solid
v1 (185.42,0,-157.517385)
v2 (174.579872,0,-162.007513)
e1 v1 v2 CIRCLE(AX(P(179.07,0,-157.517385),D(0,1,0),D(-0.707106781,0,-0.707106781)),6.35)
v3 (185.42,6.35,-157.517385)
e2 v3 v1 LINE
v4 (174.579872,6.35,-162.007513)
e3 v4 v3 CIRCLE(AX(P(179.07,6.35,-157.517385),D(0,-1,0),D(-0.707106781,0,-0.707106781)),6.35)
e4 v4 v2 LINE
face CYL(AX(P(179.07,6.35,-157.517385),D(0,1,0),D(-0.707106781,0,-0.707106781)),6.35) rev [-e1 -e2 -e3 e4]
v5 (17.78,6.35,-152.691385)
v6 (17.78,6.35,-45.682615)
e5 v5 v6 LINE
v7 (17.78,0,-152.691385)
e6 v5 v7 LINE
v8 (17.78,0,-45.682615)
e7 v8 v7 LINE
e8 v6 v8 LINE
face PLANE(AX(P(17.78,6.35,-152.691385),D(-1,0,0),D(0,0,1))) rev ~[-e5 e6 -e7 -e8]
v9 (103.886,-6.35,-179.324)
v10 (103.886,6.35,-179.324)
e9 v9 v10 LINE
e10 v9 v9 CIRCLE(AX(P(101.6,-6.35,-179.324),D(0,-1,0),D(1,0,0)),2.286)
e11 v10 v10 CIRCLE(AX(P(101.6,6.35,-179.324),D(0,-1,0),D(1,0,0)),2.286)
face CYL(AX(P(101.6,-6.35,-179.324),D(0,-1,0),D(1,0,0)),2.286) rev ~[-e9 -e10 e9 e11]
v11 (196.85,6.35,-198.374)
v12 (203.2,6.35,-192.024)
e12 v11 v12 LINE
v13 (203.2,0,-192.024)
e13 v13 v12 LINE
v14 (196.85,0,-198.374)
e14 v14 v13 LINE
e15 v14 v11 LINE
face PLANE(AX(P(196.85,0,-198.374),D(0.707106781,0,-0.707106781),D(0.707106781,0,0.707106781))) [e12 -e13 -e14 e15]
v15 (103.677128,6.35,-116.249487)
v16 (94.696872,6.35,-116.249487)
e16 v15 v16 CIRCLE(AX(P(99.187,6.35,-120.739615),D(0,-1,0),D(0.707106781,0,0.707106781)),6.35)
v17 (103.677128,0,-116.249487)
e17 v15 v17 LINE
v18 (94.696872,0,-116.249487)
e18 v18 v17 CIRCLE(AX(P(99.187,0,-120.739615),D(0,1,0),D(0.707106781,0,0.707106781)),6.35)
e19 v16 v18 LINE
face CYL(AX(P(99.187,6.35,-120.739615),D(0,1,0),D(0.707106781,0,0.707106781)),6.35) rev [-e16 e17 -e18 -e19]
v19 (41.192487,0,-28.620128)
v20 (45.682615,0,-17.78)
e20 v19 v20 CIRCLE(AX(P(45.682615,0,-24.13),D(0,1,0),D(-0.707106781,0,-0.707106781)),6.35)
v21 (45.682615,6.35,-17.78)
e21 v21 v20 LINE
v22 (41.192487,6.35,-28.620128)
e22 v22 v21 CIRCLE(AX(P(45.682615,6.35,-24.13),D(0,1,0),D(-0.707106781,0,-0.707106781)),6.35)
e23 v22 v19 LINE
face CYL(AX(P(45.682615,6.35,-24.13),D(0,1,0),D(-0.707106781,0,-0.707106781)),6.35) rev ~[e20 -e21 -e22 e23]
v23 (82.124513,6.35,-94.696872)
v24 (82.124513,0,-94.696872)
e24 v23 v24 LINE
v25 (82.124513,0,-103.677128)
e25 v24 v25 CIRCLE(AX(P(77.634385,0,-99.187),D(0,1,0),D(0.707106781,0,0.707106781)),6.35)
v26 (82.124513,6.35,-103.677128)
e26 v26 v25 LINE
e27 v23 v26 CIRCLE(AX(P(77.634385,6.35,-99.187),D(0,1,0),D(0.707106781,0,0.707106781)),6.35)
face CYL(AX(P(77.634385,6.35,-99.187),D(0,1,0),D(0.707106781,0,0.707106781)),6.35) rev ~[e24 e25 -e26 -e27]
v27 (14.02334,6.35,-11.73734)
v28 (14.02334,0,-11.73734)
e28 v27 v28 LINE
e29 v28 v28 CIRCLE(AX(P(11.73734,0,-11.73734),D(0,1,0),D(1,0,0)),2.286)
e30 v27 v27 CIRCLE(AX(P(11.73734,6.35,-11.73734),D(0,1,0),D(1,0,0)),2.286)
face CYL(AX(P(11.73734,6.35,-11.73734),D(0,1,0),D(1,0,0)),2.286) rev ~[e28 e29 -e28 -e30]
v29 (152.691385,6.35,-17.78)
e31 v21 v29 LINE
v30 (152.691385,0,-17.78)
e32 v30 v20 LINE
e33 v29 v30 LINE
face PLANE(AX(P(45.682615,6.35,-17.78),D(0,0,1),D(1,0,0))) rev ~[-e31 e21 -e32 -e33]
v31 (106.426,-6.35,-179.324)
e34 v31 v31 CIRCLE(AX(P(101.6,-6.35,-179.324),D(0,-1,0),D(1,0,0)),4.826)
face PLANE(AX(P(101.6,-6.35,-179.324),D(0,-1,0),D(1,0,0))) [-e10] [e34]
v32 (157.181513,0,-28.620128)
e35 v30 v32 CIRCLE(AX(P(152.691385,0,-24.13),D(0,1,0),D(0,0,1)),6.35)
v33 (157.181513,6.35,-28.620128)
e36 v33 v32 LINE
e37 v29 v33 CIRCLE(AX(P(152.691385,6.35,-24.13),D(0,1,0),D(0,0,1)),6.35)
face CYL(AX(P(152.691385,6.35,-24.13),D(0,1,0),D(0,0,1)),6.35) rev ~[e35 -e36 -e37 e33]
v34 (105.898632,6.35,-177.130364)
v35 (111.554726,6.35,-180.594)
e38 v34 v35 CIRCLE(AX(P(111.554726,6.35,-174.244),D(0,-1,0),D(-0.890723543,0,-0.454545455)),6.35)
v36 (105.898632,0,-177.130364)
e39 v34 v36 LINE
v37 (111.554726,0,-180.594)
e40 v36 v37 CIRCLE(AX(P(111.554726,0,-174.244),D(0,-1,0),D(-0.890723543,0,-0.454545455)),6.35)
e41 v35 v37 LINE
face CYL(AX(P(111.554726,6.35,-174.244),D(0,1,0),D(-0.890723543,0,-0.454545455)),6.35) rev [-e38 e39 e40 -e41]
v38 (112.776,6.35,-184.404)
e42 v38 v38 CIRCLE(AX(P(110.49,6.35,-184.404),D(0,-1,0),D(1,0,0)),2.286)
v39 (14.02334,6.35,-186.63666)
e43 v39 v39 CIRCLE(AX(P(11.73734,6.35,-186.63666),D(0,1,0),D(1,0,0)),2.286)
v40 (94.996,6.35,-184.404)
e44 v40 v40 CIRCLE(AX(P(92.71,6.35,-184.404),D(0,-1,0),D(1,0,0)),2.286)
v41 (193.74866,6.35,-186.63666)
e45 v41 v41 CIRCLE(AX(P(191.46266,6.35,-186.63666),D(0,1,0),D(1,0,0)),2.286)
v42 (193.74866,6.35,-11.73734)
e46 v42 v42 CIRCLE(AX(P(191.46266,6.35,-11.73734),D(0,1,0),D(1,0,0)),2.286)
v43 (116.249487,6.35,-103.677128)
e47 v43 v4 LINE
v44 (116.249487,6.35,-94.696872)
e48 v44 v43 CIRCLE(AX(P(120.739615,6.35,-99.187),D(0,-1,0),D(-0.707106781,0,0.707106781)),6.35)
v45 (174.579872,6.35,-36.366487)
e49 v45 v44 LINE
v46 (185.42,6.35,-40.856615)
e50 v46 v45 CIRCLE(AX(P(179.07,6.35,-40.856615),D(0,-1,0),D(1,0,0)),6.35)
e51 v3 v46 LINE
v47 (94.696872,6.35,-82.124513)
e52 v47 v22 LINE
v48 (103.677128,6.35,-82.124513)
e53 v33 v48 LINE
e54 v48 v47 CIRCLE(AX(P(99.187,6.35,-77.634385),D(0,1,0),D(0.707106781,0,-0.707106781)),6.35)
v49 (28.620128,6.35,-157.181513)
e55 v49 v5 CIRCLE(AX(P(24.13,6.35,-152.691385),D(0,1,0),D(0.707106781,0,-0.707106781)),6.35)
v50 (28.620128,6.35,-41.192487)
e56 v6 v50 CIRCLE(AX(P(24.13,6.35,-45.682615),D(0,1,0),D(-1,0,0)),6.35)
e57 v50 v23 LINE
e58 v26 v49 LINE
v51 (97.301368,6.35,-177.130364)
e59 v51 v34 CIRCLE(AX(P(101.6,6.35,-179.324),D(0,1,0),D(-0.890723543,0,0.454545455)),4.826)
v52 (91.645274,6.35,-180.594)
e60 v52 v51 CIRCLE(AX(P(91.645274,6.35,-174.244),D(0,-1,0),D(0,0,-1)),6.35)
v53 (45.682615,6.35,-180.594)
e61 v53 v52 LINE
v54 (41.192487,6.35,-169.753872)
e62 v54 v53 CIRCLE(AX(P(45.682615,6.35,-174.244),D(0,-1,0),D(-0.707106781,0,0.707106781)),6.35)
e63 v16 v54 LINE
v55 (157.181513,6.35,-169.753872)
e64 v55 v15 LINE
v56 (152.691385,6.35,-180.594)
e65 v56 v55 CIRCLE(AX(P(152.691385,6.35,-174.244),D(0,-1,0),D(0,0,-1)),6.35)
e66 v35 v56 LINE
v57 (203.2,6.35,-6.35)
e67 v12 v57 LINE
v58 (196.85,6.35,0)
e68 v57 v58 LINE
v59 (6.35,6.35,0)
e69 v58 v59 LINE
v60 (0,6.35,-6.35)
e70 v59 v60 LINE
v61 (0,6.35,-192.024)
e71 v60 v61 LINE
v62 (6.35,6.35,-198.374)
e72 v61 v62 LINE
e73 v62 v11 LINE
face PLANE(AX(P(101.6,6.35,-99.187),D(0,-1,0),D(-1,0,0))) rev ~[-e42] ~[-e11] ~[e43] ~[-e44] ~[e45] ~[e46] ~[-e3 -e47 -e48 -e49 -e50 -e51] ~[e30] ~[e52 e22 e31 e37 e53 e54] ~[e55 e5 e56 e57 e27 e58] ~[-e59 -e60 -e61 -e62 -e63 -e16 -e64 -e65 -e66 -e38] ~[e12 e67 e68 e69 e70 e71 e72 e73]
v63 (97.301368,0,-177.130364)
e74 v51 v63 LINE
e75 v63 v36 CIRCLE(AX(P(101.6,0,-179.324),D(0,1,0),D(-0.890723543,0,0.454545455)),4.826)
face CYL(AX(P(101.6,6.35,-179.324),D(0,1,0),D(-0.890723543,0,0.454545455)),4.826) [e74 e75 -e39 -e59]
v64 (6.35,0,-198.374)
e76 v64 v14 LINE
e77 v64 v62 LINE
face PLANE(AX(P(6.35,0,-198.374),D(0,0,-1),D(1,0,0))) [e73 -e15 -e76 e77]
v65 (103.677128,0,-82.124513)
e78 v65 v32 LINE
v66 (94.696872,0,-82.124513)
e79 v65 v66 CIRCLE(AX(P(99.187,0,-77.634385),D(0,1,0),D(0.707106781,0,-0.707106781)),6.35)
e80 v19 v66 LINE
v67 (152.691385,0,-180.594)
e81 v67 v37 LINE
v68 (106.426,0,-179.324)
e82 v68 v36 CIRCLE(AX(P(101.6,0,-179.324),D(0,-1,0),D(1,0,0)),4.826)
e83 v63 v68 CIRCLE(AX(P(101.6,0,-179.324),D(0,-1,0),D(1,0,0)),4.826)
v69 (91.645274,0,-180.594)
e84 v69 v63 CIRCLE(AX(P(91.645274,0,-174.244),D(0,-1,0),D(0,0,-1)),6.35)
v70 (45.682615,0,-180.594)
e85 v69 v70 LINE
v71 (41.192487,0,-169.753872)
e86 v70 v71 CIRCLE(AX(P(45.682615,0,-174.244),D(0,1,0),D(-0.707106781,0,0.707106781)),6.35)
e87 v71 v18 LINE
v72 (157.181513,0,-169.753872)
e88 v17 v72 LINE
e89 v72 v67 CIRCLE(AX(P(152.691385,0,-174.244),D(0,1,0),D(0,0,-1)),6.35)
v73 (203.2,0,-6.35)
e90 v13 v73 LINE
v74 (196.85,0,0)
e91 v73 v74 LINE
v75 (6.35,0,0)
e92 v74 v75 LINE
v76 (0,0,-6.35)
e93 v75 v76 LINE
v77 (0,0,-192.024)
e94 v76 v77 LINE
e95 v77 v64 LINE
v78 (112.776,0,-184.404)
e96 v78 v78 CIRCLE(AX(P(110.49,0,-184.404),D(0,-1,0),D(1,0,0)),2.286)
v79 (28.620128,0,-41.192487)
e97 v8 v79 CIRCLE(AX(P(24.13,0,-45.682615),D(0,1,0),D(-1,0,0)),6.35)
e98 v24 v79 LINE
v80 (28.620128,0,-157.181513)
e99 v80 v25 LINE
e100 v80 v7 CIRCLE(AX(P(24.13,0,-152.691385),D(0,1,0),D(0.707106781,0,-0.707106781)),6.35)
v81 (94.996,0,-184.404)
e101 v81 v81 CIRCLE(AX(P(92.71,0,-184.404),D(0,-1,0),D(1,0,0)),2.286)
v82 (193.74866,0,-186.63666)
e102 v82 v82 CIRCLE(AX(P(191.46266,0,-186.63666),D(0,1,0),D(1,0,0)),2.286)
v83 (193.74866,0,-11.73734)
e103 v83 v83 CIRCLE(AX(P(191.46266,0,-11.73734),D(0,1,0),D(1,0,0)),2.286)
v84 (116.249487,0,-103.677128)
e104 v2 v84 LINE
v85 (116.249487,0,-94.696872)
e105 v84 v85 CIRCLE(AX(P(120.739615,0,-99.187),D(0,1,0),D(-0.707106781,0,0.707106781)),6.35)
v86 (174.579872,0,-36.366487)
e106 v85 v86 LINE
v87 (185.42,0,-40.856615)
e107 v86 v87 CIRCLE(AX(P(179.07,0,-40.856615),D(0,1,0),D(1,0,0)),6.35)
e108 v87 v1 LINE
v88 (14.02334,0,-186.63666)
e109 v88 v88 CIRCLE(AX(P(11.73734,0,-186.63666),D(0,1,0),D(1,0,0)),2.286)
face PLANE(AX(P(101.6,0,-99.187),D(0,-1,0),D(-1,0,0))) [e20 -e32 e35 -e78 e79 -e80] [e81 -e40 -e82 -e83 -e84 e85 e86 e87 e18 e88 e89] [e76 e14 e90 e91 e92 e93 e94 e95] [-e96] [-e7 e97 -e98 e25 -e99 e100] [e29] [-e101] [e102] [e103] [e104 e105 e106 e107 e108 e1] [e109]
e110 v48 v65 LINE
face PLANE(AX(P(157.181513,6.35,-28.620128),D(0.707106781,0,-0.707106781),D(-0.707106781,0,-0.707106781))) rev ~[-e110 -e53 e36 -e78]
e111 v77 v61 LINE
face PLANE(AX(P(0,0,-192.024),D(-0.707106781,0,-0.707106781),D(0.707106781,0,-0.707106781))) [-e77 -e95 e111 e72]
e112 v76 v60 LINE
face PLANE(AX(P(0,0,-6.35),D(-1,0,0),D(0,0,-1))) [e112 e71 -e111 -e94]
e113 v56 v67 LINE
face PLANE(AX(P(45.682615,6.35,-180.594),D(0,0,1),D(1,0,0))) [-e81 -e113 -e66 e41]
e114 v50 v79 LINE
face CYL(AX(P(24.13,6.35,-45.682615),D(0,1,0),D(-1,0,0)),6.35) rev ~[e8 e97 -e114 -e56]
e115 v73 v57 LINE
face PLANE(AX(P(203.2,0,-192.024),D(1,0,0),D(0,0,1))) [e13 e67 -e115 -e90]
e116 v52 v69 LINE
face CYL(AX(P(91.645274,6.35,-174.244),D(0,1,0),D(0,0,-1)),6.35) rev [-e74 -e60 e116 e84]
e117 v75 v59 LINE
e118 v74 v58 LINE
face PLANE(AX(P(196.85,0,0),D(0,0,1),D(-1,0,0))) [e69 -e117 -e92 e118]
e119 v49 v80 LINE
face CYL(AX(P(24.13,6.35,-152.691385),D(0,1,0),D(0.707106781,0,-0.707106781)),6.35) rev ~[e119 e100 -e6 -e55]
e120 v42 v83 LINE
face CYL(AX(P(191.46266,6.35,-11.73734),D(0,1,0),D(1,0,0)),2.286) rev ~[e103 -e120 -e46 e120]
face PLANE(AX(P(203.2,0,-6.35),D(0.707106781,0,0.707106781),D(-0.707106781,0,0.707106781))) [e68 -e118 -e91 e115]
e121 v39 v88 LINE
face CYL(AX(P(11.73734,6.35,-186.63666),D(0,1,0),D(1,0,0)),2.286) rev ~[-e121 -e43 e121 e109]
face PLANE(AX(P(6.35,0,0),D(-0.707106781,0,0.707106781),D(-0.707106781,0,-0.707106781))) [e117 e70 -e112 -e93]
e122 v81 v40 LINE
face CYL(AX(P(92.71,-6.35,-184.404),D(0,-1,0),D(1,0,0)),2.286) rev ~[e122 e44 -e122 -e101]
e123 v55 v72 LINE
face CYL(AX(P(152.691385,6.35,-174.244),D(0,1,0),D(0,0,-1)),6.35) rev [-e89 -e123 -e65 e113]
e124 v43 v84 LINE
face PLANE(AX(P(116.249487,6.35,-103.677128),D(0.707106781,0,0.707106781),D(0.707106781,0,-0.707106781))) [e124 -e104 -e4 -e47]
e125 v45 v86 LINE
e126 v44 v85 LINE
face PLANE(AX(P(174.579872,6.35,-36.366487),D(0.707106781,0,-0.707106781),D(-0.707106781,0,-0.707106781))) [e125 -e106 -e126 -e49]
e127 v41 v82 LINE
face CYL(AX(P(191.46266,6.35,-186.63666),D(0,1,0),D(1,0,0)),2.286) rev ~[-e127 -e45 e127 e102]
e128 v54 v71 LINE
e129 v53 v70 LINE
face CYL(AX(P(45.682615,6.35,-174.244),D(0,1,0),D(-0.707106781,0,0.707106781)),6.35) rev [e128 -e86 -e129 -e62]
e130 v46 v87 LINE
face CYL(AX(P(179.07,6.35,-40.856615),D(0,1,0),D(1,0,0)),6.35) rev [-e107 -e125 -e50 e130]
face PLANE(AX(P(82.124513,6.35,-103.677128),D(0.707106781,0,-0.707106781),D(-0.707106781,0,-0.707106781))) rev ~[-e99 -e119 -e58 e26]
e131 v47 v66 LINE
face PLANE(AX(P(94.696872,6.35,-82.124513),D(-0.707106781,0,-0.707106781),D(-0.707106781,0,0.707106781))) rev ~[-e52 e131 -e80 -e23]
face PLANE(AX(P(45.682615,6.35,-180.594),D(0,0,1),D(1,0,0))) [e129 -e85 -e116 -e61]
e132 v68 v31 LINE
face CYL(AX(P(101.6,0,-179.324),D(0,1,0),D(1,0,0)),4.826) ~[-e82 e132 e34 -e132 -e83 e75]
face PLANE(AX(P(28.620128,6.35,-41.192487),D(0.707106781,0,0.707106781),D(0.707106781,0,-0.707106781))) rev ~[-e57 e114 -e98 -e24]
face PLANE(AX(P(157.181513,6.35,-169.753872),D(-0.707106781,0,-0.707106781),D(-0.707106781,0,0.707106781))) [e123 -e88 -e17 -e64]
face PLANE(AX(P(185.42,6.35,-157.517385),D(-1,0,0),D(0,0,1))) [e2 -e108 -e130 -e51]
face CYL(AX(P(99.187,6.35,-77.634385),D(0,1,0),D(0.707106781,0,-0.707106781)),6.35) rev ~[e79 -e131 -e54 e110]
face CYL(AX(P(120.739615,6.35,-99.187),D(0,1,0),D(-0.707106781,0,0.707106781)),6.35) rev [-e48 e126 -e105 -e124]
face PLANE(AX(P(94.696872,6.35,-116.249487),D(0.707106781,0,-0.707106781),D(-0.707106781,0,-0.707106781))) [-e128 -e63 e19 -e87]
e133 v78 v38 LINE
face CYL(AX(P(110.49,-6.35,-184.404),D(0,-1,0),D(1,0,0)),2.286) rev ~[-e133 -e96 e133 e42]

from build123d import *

# Parameters (mm, degrees)
BOSS_EXTRUDE1_DEPTH = 6.35
CUT_EXTRUDE1_DEPTH  = 7.35
SKETCH3_R           = 2.286
CUT_EXTRUDE2_DEPTH  = 7.35
BOSS_EXTRUDE2_DEPTH = 6.35
SKETCH5_R           = 4.826
BOSS_EXTRUDE3_DEPTH = 6.35
SKETCH6_R           = 2.286
CUT_EXTRUDE3_DEPTH  = 13.7


with BuildPart() as part:
    # Sketch1 → Boss-Extrude1 (new body)
    with BuildSketch(Plane(origin=(0, 0, 0), x_dir=(1, 0, 0), z_dir=(0, 1, 0))):
        Polygon((0, 192.024), (6.35, 198.374), (196.85, 198.374), (203.2, 192.024), (203.2, 6.35), (196.85, 0), (6.35, 0), (0, 6.35), align=None)
    extrude(amount=BOSS_EXTRUDE1_DEPTH)

    # Sketch2 → Cut-Extrude1 (cut, through all)
    with BuildSketch(Plane(origin=(0, 6.35, 0), x_dir=(1, 0, 0), z_dir=(0, 1, 0))):
        with BuildLine():
            Line((45.682614691, 180.594), (152.691385309, 180.594))
            ThreePointArc((152.691385309, 180.594), (158.558020341, 176.674039796), (157.18151337, 169.753871939))
            Line((157.18151337, 169.753871939), (103.677128061, 116.24948663))
            ThreePointArc((103.677128061, 116.24948663), (99.187, 114.389614691), (94.696871939, 116.24948663))
            Line((94.696871939, 116.24948663), (41.19248663, 169.753871939))
            ThreePointArc((41.19248663, 169.753871939), (39.815979659, 176.674039796), (45.682614691, 180.594))
        make_face()
        with BuildLine():
            Line((17.78, 152.691385309), (17.78, 45.682614691))
            ThreePointArc((17.78, 45.682614691), (21.699960204, 39.815979659), (28.620128061, 41.19248663))
            Line((28.620128061, 41.19248663), (82.12451337, 94.696871939))
            ThreePointArc((82.12451337, 94.696871939), (83.984385309, 99.187), (82.12451337, 103.677128061))
            Line((82.12451337, 103.677128061), (28.620128061, 157.18151337))
            ThreePointArc((28.620128061, 157.18151337), (21.699960204, 158.558020341), (17.78, 152.691385309))
        make_face()
        with BuildLine():
            Line((45.682614691, 17.78), (152.691385309, 17.78))
            ThreePointArc((152.691385309, 17.78), (158.558020341, 21.699960204), (157.18151337, 28.620128061))
            Line((157.18151337, 28.620128061), (103.677128061, 82.12451337))
            ThreePointArc((103.677128061, 82.12451337), (99.187, 83.984385309), (94.696871939, 82.12451337))
            Line((94.696871939, 82.12451337), (41.19248663, 28.620128061))
            ThreePointArc((41.19248663, 28.620128061), (39.815979659, 21.699960204), (45.682614691, 17.78))
        make_face()
        with BuildLine():
            Line((185.42, 157.517385309), (185.42, 40.856614691))
            ThreePointArc((185.42, 40.856614691), (181.500039796, 34.989979659), (174.579871939, 36.36648663))
            Line((174.579871939, 36.36648663), (116.24948663, 94.696871939))
            ThreePointArc((116.24948663, 94.696871939), (114.389614691, 99.187), (116.24948663, 103.677128061))
            Line((116.24948663, 103.677128061), (174.579871939, 162.00751337))
            ThreePointArc((174.579871939, 162.00751337), (181.500039796, 163.384020341), (185.42, 157.517385309))
        make_face()
    extrude(amount=-CUT_EXTRUDE1_DEPTH, mode=Mode.SUBTRACT)

    # Sketch3 → Cut-Extrude2 (cut, through all)
    with BuildSketch(Plane(origin=(0, 6.35, 0), x_dir=(1, 0, 0), z_dir=(0, 1, 0))):
        with Locations((11.73734, 11.73734)):
            Circle(SKETCH3_R)
        with Locations((191.46266, 11.73734)):
            Circle(SKETCH3_R)
        with Locations((191.46266, 186.63666)):
            Circle(SKETCH3_R)
        with Locations((11.73734, 186.63666)):
            Circle(SKETCH3_R)
    extrude(amount=-CUT_EXTRUDE2_DEPTH, mode=Mode.SUBTRACT)

    # Sketch4 → Boss-Extrude2 (add)
    with BuildSketch(Plane(origin=(0, 6.35, 0), x_dir=(1, 0, 0), z_dir=(0, 1, 0))):
        with BuildLine():
            Line((111.554726315, 180.594), (91.645273685, 180.594))
            ThreePointArc((91.645273685, 180.594), (94.961453031, 179.659298195), (97.301368182, 177.130363636))
            ThreePointArc((97.301368182, 177.130363636), (101.6, 174.498), (105.898631818, 177.130363636))
            ThreePointArc((105.898631818, 177.130363636), (108.238546969, 179.659298195), (111.554726315, 180.594))
        make_face()
    extrude(amount=-BOSS_EXTRUDE2_DEPTH)

    # Sketch5 → Boss-Extrude3 (add)
    with BuildSketch(Plane.XZ):
        with Locations((101.6, -179.324)):
            Circle(SKETCH5_R)
    extrude(amount=BOSS_EXTRUDE3_DEPTH)

    # Sketch6 → Cut-Extrude3 (cut, through all)
    with BuildSketch(Plane.XZ.offset(6.35)):
        with Locations((101.6, -179.324)):
            Circle(SKETCH6_R)
        with Locations((92.71, -184.404)):
            Circle(SKETCH6_R)
        with Locations((110.49, -184.404)):
            Circle(SKETCH6_R)
    extrude(amount=-CUT_EXTRUDE3_DEPTH, mode=Mode.SUBTRACT)


solid = part.part
